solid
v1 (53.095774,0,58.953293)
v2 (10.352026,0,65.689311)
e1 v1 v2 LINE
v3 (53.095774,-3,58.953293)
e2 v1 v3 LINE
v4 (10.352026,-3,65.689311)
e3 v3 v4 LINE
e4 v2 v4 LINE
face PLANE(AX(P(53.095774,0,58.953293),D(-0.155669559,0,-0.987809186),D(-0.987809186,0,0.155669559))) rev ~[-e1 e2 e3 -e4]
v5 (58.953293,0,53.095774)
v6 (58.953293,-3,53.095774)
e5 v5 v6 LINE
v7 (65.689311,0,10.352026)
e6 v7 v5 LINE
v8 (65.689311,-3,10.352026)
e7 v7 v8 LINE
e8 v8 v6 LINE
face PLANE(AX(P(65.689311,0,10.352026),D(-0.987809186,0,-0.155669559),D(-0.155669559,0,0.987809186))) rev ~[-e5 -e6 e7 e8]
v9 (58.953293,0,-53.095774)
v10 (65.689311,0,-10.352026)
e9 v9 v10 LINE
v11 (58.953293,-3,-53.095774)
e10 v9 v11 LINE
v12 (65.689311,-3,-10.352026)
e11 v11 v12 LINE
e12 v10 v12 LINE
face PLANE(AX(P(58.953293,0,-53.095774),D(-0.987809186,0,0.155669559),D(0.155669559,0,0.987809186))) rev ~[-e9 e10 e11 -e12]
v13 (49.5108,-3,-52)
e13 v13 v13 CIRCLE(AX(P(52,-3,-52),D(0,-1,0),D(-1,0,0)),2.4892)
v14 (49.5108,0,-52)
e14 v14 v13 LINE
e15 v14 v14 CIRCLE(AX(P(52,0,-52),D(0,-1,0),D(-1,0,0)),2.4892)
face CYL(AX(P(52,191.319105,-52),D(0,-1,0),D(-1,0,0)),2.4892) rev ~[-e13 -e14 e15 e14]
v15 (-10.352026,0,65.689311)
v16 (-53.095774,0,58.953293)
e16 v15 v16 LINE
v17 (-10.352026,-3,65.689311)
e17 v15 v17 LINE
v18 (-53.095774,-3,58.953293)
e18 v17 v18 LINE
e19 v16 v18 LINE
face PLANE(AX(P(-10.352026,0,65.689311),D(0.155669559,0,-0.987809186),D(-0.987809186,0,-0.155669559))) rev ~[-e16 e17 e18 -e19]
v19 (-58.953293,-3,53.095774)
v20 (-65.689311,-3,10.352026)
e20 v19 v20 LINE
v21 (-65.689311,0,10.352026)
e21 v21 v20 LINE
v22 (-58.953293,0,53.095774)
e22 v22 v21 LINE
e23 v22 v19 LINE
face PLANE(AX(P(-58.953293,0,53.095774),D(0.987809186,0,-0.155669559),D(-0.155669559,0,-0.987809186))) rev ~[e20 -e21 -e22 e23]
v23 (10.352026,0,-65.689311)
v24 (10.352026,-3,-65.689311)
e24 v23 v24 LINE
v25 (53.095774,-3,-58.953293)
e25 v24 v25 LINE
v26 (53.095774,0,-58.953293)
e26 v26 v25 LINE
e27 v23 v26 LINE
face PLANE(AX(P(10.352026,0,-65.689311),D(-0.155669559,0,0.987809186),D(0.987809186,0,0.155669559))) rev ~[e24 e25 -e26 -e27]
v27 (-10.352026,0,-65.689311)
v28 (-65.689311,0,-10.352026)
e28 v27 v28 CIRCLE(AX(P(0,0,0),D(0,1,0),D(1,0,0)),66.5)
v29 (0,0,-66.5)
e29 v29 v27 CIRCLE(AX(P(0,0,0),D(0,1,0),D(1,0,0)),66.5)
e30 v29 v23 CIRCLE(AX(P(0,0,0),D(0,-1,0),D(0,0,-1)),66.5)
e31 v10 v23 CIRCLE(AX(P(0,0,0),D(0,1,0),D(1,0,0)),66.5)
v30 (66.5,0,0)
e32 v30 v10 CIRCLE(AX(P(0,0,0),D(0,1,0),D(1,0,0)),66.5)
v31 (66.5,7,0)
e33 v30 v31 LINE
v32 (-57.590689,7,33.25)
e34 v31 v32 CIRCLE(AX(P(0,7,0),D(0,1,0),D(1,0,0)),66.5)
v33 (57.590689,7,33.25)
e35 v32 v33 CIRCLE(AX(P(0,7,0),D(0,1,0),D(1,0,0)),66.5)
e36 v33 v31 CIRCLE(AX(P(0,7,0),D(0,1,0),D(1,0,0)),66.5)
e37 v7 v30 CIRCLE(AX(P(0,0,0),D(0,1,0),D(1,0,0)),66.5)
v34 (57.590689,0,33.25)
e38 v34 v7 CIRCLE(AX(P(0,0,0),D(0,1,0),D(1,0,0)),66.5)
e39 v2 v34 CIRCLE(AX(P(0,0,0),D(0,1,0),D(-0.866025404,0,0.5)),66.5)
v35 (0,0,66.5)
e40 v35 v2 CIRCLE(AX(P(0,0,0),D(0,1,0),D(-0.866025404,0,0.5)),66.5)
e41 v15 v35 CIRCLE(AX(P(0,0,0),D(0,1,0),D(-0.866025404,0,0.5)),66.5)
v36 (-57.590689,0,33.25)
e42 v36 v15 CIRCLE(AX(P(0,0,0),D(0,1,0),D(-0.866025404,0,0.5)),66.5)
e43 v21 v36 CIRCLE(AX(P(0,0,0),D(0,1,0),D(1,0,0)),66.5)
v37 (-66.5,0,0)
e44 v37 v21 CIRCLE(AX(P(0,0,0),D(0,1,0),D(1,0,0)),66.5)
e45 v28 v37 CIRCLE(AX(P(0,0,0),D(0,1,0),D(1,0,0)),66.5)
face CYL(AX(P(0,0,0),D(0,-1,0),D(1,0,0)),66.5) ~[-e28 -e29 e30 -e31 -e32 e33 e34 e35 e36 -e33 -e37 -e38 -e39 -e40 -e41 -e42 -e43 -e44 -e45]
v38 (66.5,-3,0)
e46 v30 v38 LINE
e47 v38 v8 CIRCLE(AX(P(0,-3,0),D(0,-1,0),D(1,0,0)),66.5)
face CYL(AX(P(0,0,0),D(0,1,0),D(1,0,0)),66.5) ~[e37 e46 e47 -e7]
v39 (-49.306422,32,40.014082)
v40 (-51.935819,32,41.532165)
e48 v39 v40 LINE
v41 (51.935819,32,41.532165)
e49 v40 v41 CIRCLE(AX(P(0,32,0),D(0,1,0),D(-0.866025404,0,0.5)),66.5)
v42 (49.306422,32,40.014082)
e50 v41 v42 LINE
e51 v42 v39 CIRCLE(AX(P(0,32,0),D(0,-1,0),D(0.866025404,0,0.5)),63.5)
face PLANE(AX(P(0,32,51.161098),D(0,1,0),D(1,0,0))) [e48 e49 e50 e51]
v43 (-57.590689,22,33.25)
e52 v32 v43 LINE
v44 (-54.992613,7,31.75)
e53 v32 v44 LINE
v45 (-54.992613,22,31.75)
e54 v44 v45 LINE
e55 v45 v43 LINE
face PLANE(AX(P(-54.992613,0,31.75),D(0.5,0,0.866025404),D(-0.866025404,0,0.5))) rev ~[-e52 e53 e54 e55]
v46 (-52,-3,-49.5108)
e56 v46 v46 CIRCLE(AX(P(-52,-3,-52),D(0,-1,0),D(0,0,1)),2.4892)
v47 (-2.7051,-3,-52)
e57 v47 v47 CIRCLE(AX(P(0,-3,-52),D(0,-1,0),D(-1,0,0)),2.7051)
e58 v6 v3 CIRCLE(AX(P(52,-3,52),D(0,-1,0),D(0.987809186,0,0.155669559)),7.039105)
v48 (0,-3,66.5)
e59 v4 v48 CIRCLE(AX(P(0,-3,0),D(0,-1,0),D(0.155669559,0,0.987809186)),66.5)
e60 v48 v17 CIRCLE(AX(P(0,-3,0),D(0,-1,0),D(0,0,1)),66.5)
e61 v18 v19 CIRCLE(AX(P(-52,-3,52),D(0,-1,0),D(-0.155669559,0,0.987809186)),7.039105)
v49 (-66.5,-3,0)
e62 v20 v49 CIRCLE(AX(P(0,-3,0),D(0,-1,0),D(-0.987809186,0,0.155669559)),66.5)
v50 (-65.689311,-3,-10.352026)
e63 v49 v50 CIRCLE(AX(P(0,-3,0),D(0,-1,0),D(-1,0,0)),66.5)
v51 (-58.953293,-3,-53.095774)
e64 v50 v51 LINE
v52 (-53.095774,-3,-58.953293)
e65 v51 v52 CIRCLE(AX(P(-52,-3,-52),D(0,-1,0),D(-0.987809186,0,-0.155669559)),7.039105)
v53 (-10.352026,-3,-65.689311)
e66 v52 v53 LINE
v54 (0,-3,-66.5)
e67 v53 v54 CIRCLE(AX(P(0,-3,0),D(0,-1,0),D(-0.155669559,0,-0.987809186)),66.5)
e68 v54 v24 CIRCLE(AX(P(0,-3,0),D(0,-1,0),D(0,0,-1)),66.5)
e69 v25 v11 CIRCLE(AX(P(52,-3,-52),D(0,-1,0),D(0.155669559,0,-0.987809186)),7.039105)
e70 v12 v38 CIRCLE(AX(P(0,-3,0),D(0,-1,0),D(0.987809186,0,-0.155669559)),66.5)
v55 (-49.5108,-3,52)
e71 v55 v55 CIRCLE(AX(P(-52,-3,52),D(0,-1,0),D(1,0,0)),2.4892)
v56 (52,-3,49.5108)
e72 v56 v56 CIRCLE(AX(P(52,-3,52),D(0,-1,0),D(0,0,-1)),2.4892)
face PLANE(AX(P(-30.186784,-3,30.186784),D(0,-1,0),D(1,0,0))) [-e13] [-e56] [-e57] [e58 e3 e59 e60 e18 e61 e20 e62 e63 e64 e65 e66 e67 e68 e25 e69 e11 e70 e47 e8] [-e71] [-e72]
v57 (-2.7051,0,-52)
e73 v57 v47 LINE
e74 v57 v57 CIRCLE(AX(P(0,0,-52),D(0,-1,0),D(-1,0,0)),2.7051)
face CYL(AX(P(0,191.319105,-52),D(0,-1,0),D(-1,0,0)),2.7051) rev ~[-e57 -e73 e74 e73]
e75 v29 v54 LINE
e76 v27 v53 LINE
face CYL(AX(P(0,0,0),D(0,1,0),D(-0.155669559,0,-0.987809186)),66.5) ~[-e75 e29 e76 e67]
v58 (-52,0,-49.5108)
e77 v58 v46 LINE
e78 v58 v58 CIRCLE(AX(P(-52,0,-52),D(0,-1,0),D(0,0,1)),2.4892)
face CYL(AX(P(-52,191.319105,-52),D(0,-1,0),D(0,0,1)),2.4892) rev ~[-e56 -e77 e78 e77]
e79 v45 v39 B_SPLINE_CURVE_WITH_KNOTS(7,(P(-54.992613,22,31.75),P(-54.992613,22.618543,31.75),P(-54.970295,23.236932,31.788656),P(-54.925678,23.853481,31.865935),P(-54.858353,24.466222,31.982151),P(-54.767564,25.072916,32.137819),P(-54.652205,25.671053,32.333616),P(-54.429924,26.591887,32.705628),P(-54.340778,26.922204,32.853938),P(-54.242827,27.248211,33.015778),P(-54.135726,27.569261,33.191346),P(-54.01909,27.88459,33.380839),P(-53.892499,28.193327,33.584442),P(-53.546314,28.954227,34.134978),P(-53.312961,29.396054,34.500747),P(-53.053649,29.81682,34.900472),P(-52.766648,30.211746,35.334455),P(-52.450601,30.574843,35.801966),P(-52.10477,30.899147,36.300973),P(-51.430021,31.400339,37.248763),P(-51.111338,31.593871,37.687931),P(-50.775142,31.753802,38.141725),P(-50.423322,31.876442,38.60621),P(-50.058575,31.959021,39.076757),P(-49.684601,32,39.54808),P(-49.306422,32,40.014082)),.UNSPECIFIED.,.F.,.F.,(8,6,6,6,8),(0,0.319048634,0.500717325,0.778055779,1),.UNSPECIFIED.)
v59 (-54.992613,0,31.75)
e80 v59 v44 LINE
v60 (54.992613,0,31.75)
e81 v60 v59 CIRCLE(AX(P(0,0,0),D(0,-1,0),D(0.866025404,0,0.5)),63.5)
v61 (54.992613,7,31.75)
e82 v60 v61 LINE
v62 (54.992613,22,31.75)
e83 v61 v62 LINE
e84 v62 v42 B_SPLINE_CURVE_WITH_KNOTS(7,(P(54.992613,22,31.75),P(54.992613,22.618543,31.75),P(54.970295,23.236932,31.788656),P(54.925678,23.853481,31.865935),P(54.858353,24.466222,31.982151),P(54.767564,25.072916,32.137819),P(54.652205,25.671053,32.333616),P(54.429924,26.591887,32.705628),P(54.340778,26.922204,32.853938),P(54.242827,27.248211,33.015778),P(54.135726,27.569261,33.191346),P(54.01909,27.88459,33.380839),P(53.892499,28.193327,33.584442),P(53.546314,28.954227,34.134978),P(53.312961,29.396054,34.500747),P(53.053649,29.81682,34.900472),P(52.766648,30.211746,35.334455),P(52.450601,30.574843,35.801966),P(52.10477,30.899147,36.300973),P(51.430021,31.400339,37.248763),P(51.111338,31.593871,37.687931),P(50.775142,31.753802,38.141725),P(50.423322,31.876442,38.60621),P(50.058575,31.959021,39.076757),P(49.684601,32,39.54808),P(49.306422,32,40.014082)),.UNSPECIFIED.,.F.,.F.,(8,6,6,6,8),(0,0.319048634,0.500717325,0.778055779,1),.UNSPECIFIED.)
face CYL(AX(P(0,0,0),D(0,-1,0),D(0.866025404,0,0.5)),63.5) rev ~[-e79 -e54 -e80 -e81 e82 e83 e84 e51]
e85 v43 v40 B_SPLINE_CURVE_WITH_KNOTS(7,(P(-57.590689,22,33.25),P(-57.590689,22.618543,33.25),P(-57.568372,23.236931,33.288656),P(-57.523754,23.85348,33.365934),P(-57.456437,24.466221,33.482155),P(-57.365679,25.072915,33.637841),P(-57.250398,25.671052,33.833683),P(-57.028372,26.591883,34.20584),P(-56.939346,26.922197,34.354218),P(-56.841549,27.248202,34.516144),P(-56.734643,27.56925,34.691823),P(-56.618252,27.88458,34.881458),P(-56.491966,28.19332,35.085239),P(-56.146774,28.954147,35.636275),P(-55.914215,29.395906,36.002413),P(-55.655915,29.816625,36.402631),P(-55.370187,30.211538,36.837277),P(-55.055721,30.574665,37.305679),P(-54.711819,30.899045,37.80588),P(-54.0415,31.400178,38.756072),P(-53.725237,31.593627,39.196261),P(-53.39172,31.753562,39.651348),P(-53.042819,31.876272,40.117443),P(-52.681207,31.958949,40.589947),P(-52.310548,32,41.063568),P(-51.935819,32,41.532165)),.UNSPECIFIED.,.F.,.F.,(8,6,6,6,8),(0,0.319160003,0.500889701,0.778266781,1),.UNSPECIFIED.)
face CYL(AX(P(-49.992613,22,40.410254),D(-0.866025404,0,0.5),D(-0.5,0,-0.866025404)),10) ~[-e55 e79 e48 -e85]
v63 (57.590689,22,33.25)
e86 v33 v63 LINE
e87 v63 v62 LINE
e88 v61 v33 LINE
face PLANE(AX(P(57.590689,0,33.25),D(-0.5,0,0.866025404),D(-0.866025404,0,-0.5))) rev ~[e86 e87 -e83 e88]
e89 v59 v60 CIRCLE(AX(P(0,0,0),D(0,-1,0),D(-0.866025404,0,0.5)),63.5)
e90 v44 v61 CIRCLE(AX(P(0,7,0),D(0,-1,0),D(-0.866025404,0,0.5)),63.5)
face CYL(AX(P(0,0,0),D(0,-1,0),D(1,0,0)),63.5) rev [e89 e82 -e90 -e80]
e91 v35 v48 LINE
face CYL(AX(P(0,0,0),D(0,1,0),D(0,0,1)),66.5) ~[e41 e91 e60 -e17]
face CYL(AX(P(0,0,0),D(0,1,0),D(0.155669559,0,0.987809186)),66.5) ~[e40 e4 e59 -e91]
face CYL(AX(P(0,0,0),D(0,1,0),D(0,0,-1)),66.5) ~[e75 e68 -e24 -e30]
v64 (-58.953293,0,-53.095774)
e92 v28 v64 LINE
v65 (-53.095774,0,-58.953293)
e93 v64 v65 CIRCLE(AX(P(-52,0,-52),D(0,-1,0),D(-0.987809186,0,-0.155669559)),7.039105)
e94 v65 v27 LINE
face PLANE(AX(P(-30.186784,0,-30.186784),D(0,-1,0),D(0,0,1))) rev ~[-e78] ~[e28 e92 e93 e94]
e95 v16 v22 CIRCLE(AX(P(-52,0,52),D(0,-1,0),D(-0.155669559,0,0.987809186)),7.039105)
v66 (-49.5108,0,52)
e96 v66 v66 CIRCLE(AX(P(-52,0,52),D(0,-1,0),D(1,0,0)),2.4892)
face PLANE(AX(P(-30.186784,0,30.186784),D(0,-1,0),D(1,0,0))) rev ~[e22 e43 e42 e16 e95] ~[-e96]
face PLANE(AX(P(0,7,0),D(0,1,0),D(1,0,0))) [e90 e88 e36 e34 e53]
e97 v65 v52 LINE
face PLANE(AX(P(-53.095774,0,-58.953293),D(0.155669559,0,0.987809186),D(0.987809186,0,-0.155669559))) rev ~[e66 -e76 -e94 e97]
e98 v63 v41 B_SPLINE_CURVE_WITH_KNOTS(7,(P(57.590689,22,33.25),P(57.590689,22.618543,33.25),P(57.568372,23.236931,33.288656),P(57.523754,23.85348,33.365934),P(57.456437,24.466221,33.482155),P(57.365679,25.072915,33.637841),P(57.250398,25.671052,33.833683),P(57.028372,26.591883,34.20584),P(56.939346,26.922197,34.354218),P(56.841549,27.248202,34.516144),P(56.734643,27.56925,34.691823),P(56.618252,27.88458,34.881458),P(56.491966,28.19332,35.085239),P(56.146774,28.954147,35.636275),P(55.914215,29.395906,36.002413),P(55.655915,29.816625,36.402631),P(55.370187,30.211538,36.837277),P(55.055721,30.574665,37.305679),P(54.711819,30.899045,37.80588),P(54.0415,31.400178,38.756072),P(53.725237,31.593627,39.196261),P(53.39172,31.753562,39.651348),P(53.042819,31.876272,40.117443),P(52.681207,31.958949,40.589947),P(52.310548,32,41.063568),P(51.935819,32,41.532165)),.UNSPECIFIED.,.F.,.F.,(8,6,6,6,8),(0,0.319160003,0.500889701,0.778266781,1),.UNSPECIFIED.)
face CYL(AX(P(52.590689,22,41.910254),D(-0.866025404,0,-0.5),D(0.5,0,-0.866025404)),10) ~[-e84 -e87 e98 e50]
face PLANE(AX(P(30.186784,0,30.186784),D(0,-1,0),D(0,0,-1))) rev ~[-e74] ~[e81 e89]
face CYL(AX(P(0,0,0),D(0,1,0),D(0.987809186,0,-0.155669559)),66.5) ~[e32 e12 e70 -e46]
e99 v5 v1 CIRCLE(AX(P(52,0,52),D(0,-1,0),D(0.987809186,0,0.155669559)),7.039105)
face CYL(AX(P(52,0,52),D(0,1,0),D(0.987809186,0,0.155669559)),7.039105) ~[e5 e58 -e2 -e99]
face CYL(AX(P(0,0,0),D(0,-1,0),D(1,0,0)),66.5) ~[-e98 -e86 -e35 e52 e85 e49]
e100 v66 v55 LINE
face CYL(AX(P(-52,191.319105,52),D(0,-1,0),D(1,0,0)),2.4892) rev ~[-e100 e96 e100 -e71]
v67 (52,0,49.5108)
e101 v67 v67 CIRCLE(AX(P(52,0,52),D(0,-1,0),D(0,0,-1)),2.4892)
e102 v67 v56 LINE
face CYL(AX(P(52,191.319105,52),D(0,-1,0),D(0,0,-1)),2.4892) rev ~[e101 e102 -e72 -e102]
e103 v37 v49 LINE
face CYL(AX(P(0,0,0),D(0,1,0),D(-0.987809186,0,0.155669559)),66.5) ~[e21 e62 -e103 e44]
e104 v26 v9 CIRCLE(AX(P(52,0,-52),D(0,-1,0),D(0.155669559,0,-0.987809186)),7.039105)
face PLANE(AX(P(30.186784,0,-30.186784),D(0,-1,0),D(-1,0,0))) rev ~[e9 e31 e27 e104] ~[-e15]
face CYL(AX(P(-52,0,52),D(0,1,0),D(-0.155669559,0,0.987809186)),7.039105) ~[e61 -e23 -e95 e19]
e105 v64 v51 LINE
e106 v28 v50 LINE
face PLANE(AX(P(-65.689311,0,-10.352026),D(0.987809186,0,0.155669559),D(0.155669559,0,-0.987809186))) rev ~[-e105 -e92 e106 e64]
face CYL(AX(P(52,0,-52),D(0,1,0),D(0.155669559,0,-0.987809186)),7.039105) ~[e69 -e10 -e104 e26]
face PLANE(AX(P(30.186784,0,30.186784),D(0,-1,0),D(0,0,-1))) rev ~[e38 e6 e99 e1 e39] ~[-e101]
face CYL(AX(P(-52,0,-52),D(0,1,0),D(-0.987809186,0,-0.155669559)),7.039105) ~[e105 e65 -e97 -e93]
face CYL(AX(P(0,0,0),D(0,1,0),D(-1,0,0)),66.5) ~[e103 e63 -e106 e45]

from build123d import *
from build123d.topology import SkipClean

# Parameters (mm, degrees)
SKETCH1_R               = 66.5
SKETCH1_R_2             = 63.5
EXTRUDE_THIN1_DEPTH     = 7
BOSS_EXTRUDE1_DEPTH     = 32
BOSS_EXTRUDE2_DEPTH     = 3
F_10_CLEARANCE_HOLE1_D  = 4.9784
CIRPATTERN1_COUNT       = 4
FILLET1_R               = 10
F_1_4_28_TAPPED_HOLE1_D = 5.4102


with BuildPart() as part:
    # Sketch1 → Extrude-Thin1 (new body)
    with BuildSketch(Plane(origin=(0, 0, 0), x_dir=(1, 0, 0), z_dir=(0, 1, 0))):
        Circle(SKETCH1_R)
        Circle(SKETCH1_R_2, mode=Mode.SUBTRACT)
    extrude(amount=EXTRUDE_THIN1_DEPTH)

    # Sketch2 → Boss-Extrude1 (add)
    with BuildSketch(Plane(origin=(0, 0, 0), x_dir=(1, 0, 0), z_dir=(0, 1, 0))):
        with BuildLine():
            Line((-54.99261314, -31.75), (-57.590689352, -33.25))
            ThreePointArc((-57.590689352, -33.25), (0, -66.5), (57.590689352, -33.25))
            Line((57.590689352, -33.25), (54.99261314, -31.75))
            ThreePointArc((54.99261314, -31.75), (0, -63.5), (-54.99261314, -31.75))
        make_face()
    extrude(amount=BOSS_EXTRUDE1_DEPTH)

    # Sketch3 → Boss-Extrude2 (add)
    with BuildSketch(Plane(origin=(0, 0, 0), x_dir=(1, 0, 0), z_dir=(0, 1, 0))):
        with BuildLine():
            Line((0, 0), (0, 66.5))
            ThreePointArc((0, 66.5), (5.191860277, 66.297017933), (10.352025681, 65.689310883))
            Line((10.352025681, 65.689310883), (53.09577441, 58.953292822))
            ThreePointArc((53.09577441, 58.953292822), (56.977399051, 56.977399051), (58.953292822, 53.09577441))
            Line((58.953292822, 53.09577441), (65.689310883, 10.352025681))
            ThreePointArc((65.689310883, 10.352025681), (66.297017933, 5.191860277), (66.5, 0))
            Line((66.5, 0), (0, 0))
        make_face()
    boss_extrude2 = extrude(amount=-BOSS_EXTRUDE2_DEPTH)

    # #10 Clearance Hole1 (through all)
    with Locations(Plane(origin=(0, 0, 0), x_dir=(1, 0, 0), z_dir=(0, 1, 0))):
        with Locations((52, 52)):
            f_10_clearance_hole1 = Hole(F_10_CLEARANCE_HOLE1_D / 2)

    # CirPattern1: Boss-Extrude2, #10 Clearance Hole1 ×4 about axis
    with SkipClean():  # keep this step's faces unmerged: merging them makes the solid invalid here
        cirpattern1_axis = Axis((0, 0, 0), (0, 1, 0))
        add([boss_extrude2.rotate(cirpattern1_axis, i * 360 / CIRPATTERN1_COUNT) for i in range(1, CIRPATTERN1_COUNT)])
        add([f_10_clearance_hole1.rotate(cirpattern1_axis, i * 360 / CIRPATTERN1_COUNT) for i in range(1, CIRPATTERN1_COUNT)], mode=Mode.SUBTRACT)

    # Fillet1
    fillet1_edges = [part.edges().sort_by_distance(p)[0] for p in [
        (-56.291651246, 32, 32.5),
        (56.291651246, 32, 32.5),
    ]]
    fillet(fillet1_edges, radius=FILLET1_R)

    # 1/4-28 Tapped Hole1 (through all)
    with Locations(Plane(origin=(0, 0, 0), x_dir=(1, 0, 0), z_dir=(0, 1, 0))):
        with Locations((0, 52)):
            Hole(F_1_4_28_TAPPED_HOLE1_D / 2)


solid = part.part
